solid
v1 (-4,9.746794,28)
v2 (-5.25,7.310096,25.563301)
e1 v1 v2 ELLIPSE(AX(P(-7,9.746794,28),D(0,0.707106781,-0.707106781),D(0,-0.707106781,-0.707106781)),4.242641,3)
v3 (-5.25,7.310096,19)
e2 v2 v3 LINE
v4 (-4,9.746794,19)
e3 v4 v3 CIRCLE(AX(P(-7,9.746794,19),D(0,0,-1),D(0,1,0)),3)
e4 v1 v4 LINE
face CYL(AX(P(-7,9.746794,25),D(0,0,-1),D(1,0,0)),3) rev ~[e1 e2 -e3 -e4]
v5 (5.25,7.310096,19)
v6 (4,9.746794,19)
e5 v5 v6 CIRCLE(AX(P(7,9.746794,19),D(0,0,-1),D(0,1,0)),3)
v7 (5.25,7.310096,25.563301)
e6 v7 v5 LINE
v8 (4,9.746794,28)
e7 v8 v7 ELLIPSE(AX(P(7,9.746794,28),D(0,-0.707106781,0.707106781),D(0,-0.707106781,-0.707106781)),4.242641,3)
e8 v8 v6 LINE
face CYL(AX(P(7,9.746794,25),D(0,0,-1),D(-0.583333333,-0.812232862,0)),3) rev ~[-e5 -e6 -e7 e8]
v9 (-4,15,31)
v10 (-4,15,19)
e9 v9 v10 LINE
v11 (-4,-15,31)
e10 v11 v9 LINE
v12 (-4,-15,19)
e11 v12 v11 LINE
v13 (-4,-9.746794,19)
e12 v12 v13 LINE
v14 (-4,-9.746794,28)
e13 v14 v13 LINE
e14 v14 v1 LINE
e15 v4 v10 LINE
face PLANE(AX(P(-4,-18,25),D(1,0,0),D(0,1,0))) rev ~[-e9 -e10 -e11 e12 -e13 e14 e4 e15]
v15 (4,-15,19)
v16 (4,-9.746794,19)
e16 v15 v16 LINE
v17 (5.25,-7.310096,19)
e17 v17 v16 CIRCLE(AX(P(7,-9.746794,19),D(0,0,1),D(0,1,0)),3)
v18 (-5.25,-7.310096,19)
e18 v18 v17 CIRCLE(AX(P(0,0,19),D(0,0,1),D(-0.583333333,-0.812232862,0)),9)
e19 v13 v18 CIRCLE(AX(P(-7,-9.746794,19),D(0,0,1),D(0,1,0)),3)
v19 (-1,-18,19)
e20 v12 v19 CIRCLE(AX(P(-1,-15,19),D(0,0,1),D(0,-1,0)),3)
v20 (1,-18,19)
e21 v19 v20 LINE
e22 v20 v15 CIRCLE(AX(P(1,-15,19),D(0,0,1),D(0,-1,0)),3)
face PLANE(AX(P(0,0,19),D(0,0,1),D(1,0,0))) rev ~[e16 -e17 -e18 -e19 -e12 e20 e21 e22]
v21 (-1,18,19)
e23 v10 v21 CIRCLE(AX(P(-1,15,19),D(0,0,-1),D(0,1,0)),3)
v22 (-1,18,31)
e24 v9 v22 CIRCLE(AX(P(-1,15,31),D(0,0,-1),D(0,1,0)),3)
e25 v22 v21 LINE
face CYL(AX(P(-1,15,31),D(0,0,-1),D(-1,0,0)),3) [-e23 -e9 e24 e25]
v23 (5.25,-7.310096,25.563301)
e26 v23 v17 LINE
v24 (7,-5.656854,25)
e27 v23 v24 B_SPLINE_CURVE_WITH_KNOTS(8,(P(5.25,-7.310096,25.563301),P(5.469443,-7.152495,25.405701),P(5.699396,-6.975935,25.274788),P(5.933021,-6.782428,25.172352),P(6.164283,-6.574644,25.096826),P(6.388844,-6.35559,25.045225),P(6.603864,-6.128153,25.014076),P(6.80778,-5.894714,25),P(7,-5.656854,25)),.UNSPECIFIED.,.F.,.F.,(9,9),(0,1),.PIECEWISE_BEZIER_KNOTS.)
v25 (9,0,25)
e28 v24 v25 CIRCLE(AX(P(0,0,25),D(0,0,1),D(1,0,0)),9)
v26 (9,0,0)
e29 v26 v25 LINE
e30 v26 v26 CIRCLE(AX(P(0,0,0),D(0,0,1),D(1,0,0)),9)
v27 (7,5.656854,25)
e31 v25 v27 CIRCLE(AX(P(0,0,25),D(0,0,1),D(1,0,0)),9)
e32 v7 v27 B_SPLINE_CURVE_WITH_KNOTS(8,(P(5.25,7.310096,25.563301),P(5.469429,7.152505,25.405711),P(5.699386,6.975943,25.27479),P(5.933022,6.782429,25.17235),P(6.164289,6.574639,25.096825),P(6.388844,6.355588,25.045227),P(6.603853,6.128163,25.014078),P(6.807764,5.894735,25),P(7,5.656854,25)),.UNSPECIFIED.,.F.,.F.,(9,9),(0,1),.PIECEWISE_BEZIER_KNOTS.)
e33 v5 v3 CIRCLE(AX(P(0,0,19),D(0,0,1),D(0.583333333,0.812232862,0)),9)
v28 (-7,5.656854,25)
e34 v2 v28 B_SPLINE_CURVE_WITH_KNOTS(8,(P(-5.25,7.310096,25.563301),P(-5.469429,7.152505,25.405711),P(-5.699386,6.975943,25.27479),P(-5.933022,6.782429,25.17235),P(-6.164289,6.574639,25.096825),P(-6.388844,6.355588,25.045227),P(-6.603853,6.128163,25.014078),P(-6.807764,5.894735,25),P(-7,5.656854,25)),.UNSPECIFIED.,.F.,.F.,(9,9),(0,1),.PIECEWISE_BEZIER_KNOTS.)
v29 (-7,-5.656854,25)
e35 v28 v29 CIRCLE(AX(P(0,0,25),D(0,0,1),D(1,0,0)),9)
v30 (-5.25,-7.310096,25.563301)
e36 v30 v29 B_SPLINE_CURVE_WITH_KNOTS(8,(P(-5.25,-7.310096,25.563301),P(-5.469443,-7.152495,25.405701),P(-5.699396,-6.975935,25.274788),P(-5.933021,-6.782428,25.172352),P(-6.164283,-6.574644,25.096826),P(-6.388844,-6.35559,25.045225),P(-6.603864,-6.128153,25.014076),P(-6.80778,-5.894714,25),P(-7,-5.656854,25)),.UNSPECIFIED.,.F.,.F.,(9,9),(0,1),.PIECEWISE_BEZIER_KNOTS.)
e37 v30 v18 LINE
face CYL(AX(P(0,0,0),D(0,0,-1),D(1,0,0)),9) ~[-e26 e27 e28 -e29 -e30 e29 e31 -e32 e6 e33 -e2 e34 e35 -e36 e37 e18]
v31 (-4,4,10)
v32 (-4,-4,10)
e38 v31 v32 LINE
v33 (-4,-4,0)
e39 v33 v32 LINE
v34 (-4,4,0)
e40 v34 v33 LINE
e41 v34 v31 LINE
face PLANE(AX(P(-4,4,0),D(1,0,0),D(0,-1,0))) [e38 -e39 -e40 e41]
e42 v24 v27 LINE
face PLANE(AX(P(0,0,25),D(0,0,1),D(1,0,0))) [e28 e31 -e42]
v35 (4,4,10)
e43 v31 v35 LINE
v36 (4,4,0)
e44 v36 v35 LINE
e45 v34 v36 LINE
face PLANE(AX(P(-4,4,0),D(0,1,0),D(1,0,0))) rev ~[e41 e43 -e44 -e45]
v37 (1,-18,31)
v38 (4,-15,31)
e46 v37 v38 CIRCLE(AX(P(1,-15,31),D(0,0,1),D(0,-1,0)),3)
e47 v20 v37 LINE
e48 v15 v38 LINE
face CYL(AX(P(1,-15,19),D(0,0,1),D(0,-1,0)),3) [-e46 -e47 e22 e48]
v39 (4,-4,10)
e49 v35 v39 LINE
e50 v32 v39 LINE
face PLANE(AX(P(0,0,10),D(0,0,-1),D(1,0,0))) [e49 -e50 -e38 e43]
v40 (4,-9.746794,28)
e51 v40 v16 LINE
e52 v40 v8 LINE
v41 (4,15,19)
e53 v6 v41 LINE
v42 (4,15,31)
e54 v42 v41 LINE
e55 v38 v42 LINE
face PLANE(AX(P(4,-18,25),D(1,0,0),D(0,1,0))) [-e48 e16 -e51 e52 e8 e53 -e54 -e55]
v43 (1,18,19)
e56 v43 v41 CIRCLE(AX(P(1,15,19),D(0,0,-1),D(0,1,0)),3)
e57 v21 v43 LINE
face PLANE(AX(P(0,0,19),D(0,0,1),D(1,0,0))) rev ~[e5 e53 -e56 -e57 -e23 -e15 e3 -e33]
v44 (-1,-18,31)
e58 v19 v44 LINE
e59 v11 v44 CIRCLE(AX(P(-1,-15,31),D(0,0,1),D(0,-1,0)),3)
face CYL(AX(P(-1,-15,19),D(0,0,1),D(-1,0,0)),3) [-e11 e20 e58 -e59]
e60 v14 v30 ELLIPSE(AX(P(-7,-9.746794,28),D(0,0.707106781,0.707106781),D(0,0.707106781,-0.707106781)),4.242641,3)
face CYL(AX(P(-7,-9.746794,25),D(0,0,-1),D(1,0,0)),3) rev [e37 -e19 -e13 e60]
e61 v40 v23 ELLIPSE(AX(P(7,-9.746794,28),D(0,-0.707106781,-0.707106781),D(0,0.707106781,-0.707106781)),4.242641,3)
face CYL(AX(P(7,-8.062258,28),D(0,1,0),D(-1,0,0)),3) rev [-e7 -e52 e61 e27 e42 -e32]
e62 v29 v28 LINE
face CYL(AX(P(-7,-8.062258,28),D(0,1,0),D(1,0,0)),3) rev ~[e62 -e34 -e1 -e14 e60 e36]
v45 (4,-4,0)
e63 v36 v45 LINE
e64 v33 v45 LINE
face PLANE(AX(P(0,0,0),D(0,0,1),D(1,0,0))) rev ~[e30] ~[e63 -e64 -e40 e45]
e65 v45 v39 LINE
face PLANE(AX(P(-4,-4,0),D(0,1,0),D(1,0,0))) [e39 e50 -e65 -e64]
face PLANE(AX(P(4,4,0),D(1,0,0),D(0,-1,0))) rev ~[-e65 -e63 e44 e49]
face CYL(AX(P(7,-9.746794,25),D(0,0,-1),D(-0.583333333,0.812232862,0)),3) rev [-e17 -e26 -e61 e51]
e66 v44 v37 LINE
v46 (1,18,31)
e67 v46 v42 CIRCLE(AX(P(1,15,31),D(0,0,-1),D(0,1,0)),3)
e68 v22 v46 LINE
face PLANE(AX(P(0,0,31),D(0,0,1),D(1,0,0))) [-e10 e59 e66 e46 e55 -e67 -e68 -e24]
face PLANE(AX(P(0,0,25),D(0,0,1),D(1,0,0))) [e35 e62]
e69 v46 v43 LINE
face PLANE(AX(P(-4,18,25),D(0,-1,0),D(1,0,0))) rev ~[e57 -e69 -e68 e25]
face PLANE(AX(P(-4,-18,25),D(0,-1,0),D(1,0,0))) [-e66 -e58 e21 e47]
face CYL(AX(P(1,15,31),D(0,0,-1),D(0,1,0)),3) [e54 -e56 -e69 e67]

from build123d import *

# Parameters (mm, degrees)
F0_R     = 9
F1_DEPTH = 25
F2_W     = 8
F2_H     = 8
F3_DEPTH = 10
F4_W     = 8
F4_H     = 36
F5_DEPTH = 6
F6_R     = 3


with BuildPart() as f1:
    # F0 (on Top) → F1 (new body)
    with BuildSketch(Plane.XY):
        Circle(F0_R)
    extrude(amount=F1_DEPTH)

    # F2 (on face) → F3 (cut)
    with BuildSketch(Plane(origin=(0, 0, 0), x_dir=(1, 0, 0), z_dir=(0, 0, -1))):
        Rectangle(F2_W, F2_H)
    extrude(amount=-F3_DEPTH, mode=Mode.SUBTRACT)

    # F4 (on face) → F5 (join, symmetric)
    with BuildSketch(Plane.XY.offset(25)):
        Rectangle(F4_W, F4_H)
    extrude(amount=F5_DEPTH, both=True)

    # F6
    f6_edges = [f1.edges().sort_by_distance(p)[0] for p in [
        (-4, 18, 25),
        (4, 18, 25),
        (-4, -18, 25),
        (4, -18, 25),
        (-4, 0, 25),
        (-4, -8.062258, 22),
        (-4, 8.062258, 22),
        (4, -8.062258, 22),
        (4, 8.062258, 22),
        (4, 0, 25),
    ]]
    fillet(f6_edges, radius=F6_R)


solid = f1.part
